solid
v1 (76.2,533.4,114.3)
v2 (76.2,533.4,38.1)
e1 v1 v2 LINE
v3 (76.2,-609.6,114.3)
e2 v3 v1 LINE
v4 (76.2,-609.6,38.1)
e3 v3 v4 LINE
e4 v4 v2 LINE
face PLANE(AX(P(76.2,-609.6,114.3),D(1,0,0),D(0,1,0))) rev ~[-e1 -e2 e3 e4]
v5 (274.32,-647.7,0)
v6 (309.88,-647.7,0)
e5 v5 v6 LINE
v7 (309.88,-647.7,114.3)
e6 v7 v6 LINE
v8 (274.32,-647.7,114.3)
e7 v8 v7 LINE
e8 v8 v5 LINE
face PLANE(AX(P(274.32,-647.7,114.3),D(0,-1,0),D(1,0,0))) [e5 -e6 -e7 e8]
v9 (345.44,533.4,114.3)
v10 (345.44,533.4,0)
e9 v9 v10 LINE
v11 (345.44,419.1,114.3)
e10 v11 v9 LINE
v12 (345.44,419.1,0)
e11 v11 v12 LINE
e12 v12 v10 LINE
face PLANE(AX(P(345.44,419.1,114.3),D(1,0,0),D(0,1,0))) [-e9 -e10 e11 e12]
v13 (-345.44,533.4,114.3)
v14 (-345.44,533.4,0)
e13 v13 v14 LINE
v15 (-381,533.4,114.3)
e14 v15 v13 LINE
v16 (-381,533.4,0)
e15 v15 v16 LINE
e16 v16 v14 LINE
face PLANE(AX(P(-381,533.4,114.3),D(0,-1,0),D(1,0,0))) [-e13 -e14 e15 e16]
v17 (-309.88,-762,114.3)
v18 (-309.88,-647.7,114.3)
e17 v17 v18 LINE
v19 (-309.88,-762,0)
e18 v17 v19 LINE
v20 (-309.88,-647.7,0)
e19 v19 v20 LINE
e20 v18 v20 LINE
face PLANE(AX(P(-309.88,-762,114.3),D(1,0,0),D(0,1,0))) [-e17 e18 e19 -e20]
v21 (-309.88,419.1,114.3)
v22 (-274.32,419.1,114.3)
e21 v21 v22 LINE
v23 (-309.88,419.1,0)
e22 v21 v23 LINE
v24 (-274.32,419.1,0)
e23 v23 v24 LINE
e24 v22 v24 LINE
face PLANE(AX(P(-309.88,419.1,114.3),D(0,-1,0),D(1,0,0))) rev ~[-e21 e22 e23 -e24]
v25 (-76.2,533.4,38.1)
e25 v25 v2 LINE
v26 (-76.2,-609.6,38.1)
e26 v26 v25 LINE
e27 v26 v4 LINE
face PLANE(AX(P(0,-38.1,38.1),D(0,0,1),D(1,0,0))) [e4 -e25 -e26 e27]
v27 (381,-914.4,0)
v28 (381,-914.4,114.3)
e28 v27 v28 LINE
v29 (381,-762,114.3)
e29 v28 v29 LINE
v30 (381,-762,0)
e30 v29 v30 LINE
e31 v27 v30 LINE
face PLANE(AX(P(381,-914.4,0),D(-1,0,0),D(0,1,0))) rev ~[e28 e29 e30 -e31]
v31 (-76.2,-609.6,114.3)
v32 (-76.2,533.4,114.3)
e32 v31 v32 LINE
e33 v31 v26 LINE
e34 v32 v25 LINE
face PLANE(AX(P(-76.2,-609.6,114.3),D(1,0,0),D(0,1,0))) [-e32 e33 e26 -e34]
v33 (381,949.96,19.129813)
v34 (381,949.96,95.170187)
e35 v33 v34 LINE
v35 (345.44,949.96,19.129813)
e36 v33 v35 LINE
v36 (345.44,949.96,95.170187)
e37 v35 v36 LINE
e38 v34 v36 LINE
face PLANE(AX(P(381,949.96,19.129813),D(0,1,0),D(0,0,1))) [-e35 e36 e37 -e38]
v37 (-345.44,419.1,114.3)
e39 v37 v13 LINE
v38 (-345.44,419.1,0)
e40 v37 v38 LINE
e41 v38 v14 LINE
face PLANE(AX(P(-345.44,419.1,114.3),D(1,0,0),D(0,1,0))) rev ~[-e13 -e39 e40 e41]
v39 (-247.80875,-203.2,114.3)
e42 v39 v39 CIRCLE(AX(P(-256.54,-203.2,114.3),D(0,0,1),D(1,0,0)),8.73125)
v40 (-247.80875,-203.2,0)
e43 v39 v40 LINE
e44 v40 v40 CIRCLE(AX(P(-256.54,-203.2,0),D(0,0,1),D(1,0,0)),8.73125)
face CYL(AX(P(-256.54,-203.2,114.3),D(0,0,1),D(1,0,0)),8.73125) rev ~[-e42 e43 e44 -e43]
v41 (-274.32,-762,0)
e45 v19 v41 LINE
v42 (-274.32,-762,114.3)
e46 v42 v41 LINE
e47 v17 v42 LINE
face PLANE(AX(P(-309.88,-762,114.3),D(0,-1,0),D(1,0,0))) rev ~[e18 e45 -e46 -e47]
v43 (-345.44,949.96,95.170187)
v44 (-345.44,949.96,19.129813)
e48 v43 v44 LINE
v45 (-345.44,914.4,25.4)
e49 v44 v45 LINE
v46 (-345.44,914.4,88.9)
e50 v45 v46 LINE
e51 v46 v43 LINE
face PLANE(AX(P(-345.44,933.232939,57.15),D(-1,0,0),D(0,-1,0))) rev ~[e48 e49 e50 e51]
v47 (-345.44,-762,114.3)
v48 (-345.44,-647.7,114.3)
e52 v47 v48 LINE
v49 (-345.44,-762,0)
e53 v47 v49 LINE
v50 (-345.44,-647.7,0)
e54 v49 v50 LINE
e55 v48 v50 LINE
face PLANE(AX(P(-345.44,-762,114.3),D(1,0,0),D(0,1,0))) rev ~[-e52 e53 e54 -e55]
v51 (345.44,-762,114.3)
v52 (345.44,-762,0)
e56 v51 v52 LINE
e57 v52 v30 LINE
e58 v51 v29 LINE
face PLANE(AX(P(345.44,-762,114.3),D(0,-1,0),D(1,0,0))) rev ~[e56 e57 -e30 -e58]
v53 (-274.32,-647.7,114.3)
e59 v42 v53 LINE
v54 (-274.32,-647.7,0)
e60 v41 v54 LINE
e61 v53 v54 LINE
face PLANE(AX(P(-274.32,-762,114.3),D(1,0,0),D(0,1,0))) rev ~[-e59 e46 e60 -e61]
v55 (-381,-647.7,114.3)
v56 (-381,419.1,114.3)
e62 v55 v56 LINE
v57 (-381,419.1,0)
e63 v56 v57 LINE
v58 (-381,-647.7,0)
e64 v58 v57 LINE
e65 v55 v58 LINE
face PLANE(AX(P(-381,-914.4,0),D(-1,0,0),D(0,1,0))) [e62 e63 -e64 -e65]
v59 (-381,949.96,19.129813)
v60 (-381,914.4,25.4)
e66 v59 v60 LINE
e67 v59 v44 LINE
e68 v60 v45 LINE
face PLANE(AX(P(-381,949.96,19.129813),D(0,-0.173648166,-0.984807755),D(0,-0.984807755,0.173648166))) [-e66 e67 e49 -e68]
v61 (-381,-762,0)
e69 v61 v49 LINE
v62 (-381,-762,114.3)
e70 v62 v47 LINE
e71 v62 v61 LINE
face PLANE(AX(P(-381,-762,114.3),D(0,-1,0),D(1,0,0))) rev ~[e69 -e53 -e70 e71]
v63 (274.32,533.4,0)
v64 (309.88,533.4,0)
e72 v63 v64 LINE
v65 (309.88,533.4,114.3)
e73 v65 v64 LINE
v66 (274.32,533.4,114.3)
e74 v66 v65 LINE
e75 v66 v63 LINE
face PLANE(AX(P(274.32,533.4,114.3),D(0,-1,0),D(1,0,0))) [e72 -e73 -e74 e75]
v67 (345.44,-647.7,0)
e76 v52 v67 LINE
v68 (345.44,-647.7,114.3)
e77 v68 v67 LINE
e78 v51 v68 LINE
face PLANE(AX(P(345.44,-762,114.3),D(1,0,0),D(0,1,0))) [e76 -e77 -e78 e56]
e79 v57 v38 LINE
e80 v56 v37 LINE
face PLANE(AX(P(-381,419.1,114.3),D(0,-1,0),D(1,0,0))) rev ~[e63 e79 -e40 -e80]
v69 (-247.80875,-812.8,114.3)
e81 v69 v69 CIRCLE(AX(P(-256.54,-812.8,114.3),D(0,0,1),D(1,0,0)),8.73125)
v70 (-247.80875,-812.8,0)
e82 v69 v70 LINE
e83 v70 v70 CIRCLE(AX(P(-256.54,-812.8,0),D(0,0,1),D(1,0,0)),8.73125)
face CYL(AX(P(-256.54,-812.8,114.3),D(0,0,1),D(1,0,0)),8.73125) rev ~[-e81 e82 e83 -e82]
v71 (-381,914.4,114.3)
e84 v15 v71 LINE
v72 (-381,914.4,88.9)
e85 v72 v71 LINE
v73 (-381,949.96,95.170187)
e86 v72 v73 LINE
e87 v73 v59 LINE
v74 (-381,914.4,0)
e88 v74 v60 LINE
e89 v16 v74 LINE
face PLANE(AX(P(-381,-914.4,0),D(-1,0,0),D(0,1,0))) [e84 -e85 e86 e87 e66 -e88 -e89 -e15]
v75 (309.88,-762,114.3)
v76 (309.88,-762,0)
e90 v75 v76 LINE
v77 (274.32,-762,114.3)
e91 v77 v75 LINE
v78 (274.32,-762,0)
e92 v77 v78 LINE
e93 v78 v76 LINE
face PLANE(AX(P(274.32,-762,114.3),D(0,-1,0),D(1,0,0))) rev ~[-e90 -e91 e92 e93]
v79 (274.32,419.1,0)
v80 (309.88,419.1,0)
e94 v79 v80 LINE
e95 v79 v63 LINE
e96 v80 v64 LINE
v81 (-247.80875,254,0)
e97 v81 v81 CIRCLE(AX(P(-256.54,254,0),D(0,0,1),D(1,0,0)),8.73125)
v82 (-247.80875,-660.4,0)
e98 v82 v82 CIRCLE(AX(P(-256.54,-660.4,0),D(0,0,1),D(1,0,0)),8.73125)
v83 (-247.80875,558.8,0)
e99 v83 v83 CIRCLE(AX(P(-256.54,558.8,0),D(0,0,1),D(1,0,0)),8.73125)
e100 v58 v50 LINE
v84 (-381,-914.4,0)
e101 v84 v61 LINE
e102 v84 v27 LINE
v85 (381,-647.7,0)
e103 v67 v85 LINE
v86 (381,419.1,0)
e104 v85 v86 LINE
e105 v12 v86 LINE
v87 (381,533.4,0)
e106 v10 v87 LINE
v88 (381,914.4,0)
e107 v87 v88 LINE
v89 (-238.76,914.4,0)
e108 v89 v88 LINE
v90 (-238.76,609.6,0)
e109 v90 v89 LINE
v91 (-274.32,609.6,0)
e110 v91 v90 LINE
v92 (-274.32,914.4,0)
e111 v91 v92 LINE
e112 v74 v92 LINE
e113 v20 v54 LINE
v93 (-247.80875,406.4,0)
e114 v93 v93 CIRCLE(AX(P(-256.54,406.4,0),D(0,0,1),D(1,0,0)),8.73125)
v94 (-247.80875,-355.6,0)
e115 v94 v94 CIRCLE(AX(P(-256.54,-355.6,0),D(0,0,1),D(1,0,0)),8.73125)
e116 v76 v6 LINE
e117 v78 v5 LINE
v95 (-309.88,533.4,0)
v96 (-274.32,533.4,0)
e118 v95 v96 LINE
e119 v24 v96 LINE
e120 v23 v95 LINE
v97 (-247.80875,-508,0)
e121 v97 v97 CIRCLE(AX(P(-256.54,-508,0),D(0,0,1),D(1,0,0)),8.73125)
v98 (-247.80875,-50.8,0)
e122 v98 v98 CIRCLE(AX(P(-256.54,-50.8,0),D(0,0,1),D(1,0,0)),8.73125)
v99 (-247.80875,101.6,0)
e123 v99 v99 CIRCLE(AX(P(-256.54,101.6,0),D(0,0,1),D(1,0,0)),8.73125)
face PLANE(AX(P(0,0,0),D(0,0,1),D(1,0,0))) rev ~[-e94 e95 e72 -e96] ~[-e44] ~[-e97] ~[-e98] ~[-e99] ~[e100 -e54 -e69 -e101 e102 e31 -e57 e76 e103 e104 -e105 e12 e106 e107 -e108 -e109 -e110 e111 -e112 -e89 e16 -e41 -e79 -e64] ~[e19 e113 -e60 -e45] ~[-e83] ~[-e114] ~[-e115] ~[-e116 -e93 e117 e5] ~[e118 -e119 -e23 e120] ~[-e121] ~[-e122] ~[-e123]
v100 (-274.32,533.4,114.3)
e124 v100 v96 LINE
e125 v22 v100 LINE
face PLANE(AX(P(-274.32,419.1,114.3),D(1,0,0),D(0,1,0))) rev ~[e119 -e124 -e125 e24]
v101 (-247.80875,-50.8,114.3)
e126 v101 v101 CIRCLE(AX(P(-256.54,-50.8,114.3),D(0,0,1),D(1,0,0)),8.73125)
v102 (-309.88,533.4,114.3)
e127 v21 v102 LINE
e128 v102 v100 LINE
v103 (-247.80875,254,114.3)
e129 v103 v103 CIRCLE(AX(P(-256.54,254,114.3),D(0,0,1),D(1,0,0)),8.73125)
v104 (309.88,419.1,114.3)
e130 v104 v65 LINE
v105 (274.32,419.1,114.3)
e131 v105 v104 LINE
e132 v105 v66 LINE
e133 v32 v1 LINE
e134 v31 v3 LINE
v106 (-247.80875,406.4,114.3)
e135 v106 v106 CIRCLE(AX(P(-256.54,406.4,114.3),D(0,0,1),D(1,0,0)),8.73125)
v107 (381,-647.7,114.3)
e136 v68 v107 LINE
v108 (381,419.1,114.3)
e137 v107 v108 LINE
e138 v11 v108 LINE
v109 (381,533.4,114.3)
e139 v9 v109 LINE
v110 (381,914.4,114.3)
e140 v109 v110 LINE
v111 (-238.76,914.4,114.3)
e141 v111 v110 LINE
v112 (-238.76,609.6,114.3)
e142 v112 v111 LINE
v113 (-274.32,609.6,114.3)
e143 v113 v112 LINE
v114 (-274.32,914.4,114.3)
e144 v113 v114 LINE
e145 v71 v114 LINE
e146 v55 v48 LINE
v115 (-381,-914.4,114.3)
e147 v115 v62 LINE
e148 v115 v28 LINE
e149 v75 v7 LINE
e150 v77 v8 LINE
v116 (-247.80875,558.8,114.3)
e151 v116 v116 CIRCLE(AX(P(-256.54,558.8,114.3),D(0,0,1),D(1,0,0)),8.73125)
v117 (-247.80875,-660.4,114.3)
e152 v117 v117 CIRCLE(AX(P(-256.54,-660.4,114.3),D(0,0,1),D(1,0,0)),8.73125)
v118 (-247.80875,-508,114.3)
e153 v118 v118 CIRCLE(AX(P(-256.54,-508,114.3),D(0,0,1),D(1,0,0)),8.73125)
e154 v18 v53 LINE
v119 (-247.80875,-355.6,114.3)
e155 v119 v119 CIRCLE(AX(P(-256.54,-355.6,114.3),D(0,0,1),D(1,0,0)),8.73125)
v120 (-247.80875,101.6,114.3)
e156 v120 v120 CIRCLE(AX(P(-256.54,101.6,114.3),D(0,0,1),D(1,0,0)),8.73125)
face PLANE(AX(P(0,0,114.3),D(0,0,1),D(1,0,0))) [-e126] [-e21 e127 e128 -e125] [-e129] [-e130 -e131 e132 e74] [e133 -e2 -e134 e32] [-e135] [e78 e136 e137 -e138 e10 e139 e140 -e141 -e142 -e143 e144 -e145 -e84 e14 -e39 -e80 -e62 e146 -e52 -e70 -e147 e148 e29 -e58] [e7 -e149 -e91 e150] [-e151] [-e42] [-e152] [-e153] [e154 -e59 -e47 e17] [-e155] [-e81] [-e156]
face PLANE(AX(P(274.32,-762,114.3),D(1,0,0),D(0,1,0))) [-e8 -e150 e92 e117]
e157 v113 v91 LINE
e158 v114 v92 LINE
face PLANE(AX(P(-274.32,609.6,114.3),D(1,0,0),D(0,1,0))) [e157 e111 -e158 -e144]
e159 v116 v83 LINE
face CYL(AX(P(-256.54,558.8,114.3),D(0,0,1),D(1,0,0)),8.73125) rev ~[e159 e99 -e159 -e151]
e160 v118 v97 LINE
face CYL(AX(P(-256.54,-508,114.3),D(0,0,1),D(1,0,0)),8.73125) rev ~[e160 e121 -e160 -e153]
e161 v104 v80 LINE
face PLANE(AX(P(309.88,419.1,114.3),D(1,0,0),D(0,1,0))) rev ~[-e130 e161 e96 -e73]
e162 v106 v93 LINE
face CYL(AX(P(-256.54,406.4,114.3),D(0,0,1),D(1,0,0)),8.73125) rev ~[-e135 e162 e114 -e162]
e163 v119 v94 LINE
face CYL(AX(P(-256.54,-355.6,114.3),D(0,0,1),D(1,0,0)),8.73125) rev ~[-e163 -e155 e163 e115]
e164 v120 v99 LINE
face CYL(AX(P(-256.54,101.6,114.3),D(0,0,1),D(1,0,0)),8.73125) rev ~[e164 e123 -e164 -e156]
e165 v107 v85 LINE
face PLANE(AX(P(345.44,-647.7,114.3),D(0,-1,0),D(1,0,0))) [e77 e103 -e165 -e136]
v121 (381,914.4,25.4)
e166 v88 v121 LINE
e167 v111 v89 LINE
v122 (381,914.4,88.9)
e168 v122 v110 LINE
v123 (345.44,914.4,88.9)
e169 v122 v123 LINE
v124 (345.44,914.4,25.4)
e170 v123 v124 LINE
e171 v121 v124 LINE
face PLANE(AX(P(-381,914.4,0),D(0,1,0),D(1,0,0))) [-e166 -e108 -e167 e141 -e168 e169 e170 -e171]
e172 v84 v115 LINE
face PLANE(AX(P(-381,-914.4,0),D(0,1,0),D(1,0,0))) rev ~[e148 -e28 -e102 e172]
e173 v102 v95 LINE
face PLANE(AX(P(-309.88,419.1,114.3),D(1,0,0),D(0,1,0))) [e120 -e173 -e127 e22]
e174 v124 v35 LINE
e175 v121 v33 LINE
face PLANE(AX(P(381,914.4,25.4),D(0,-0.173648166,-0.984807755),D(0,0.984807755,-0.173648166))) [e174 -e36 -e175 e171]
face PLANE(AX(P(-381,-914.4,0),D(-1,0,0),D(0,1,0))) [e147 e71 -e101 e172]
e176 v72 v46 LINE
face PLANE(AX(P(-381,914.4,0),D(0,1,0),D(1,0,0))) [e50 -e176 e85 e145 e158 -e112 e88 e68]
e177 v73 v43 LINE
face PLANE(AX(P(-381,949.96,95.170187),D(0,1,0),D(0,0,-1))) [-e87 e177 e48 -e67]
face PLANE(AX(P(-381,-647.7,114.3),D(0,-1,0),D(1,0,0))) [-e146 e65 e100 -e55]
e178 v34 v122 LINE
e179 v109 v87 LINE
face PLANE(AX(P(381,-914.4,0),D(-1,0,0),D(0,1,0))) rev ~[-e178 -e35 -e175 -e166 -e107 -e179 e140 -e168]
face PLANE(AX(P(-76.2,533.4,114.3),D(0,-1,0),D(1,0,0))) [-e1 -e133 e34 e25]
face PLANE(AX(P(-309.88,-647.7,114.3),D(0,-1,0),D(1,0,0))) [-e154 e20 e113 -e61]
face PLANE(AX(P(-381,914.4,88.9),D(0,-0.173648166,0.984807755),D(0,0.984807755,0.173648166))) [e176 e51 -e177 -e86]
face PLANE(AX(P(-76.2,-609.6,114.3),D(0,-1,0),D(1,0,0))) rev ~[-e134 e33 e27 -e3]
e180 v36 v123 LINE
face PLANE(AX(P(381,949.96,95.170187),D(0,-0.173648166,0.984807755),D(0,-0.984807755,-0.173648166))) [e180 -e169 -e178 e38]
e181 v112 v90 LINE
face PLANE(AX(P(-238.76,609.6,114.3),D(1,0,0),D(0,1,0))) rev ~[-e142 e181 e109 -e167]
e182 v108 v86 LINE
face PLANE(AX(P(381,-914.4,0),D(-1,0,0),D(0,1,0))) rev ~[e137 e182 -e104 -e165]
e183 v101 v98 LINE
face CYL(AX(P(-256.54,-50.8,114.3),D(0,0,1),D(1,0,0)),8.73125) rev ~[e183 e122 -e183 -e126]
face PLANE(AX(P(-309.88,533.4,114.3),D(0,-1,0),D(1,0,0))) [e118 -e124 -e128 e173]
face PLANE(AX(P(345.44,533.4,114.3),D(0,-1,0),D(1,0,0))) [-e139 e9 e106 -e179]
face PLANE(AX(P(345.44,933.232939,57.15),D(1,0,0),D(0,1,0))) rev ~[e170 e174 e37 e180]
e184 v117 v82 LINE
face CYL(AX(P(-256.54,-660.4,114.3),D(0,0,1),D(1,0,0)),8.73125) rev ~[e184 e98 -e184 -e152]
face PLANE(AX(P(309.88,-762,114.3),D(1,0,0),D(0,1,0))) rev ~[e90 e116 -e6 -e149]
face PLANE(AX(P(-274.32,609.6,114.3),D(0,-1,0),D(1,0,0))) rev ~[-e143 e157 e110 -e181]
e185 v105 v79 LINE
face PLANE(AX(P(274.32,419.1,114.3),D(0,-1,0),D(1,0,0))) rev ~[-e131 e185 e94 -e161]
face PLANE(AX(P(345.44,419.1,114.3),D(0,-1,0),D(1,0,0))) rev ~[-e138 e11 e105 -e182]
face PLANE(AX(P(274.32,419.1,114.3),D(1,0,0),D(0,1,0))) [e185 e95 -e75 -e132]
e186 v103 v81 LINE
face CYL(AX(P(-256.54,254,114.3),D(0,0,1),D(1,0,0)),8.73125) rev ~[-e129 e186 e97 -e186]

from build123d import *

# Parameters (mm, degrees)
F0_W      = 762
F0_H      = 1828.8
F1_DEPTH  = 114.3
F2_W      = 35.56
F2_H      = 114.3
F3_DEPTH  = 114.3
F4_W      = 152.4
F4_H      = 1143
F5_DEPTH  = 76.2
F6_W      = 35.56
F6_H      = 304.8
F7_DEPTH  = 114.3
F9_DEPTH  = 35.56
F11_DEPTH = 35.56
F12_R     = 8.73125
F13_DEPTH = 114.3


with BuildPart() as f1:
    # F0 (on Top) → F1 (new body)
    with BuildSketch(Plane.XY):
        Rectangle(F0_W, F0_H)
    extrude(amount=F1_DEPTH)

    # F2 (on face) → F3 (cut, through all)
    with BuildSketch(Plane.XY.offset(114.3)):
        with Locations((-292.1, 476.25)):
            Rectangle(F2_W, F2_H)
        with Locations((292.1, 476.25)):
            Rectangle(F2_W, F2_H)
        with Locations((-292.1, -704.85)):
            Rectangle(F2_W, F2_H)
        with Locations((292.1, -704.85)):
            Rectangle(F2_W, F2_H)
        with Locations((-363.22, 476.25)):
            Rectangle(F2_W, F2_H)
        with Locations((-363.22, -704.85)):
            Rectangle(F2_W, F2_H)
        with Locations((363.22, 476.25)):
            Rectangle(F2_W, F2_H)
        with Locations((363.22, -704.85)):
            Rectangle(F2_W, F2_H)
    extrude(amount=-F3_DEPTH, mode=Mode.SUBTRACT)

    # F4 (on face) → F5 (cut)
    with BuildSketch(Plane.XY.offset(114.3)):
        with Locations((0, -38.1)):
            Rectangle(F4_W, F4_H)
    extrude(amount=-F5_DEPTH, mode=Mode.SUBTRACT)

    # F6 (on face) → F7 (cut, through all)
    with BuildSketch(Plane.XY.offset(114.3)):
        with Locations((-256.54, 762)):
            Rectangle(F6_W, F6_H)
    extrude(amount=-F7_DEPTH, mode=Mode.SUBTRACT)

    # F8 (on face) → F9 (join)
    with BuildSketch(Plane(origin=(-381, 0, 0), x_dir=(0, -1, 0), z_dir=(-1, 0, 0))):
        Polygon((-914.4, 25.4), (-914.4, 88.9), (-949.96, 95.170187), (-949.96, 19.129813), align=None)
    extrude(amount=-F9_DEPTH)

    # F10 (on face) → F11 (join)
    with BuildSketch(Plane.YZ.offset(381)):
        Polygon((949.96, 95.170187), (914.4, 88.9), (914.4, 25.4), (949.96, 19.129813), align=None)
    extrude(amount=-F11_DEPTH)

    # F12 (on face) → F13 (cut, through all)
    with BuildSketch(Plane.XY.offset(114.3)):
        with Locations((-256.54, 558.8)):
            Circle(F12_R)
        with Locations((-256.54, 406.4)):
            Circle(F12_R)
        with Locations((-256.54, 254)):
            Circle(F12_R)
        with Locations((-256.54, 101.6)):
            Circle(F12_R)
        with Locations((-256.54, -50.8)):
            Circle(F12_R)
        with Locations((-256.54, -203.2)):
            Circle(F12_R)
        with Locations((-256.54, -355.6)):
            Circle(F12_R)
        with Locations((-256.54, -508)):
            Circle(F12_R)
        with Locations((-256.54, -660.4)):
            Circle(F12_R)
        with Locations((-256.54, -812.8)):
            Circle(F12_R)
    extrude(amount=-F13_DEPTH, mode=Mode.SUBTRACT)


solid = f1.part
